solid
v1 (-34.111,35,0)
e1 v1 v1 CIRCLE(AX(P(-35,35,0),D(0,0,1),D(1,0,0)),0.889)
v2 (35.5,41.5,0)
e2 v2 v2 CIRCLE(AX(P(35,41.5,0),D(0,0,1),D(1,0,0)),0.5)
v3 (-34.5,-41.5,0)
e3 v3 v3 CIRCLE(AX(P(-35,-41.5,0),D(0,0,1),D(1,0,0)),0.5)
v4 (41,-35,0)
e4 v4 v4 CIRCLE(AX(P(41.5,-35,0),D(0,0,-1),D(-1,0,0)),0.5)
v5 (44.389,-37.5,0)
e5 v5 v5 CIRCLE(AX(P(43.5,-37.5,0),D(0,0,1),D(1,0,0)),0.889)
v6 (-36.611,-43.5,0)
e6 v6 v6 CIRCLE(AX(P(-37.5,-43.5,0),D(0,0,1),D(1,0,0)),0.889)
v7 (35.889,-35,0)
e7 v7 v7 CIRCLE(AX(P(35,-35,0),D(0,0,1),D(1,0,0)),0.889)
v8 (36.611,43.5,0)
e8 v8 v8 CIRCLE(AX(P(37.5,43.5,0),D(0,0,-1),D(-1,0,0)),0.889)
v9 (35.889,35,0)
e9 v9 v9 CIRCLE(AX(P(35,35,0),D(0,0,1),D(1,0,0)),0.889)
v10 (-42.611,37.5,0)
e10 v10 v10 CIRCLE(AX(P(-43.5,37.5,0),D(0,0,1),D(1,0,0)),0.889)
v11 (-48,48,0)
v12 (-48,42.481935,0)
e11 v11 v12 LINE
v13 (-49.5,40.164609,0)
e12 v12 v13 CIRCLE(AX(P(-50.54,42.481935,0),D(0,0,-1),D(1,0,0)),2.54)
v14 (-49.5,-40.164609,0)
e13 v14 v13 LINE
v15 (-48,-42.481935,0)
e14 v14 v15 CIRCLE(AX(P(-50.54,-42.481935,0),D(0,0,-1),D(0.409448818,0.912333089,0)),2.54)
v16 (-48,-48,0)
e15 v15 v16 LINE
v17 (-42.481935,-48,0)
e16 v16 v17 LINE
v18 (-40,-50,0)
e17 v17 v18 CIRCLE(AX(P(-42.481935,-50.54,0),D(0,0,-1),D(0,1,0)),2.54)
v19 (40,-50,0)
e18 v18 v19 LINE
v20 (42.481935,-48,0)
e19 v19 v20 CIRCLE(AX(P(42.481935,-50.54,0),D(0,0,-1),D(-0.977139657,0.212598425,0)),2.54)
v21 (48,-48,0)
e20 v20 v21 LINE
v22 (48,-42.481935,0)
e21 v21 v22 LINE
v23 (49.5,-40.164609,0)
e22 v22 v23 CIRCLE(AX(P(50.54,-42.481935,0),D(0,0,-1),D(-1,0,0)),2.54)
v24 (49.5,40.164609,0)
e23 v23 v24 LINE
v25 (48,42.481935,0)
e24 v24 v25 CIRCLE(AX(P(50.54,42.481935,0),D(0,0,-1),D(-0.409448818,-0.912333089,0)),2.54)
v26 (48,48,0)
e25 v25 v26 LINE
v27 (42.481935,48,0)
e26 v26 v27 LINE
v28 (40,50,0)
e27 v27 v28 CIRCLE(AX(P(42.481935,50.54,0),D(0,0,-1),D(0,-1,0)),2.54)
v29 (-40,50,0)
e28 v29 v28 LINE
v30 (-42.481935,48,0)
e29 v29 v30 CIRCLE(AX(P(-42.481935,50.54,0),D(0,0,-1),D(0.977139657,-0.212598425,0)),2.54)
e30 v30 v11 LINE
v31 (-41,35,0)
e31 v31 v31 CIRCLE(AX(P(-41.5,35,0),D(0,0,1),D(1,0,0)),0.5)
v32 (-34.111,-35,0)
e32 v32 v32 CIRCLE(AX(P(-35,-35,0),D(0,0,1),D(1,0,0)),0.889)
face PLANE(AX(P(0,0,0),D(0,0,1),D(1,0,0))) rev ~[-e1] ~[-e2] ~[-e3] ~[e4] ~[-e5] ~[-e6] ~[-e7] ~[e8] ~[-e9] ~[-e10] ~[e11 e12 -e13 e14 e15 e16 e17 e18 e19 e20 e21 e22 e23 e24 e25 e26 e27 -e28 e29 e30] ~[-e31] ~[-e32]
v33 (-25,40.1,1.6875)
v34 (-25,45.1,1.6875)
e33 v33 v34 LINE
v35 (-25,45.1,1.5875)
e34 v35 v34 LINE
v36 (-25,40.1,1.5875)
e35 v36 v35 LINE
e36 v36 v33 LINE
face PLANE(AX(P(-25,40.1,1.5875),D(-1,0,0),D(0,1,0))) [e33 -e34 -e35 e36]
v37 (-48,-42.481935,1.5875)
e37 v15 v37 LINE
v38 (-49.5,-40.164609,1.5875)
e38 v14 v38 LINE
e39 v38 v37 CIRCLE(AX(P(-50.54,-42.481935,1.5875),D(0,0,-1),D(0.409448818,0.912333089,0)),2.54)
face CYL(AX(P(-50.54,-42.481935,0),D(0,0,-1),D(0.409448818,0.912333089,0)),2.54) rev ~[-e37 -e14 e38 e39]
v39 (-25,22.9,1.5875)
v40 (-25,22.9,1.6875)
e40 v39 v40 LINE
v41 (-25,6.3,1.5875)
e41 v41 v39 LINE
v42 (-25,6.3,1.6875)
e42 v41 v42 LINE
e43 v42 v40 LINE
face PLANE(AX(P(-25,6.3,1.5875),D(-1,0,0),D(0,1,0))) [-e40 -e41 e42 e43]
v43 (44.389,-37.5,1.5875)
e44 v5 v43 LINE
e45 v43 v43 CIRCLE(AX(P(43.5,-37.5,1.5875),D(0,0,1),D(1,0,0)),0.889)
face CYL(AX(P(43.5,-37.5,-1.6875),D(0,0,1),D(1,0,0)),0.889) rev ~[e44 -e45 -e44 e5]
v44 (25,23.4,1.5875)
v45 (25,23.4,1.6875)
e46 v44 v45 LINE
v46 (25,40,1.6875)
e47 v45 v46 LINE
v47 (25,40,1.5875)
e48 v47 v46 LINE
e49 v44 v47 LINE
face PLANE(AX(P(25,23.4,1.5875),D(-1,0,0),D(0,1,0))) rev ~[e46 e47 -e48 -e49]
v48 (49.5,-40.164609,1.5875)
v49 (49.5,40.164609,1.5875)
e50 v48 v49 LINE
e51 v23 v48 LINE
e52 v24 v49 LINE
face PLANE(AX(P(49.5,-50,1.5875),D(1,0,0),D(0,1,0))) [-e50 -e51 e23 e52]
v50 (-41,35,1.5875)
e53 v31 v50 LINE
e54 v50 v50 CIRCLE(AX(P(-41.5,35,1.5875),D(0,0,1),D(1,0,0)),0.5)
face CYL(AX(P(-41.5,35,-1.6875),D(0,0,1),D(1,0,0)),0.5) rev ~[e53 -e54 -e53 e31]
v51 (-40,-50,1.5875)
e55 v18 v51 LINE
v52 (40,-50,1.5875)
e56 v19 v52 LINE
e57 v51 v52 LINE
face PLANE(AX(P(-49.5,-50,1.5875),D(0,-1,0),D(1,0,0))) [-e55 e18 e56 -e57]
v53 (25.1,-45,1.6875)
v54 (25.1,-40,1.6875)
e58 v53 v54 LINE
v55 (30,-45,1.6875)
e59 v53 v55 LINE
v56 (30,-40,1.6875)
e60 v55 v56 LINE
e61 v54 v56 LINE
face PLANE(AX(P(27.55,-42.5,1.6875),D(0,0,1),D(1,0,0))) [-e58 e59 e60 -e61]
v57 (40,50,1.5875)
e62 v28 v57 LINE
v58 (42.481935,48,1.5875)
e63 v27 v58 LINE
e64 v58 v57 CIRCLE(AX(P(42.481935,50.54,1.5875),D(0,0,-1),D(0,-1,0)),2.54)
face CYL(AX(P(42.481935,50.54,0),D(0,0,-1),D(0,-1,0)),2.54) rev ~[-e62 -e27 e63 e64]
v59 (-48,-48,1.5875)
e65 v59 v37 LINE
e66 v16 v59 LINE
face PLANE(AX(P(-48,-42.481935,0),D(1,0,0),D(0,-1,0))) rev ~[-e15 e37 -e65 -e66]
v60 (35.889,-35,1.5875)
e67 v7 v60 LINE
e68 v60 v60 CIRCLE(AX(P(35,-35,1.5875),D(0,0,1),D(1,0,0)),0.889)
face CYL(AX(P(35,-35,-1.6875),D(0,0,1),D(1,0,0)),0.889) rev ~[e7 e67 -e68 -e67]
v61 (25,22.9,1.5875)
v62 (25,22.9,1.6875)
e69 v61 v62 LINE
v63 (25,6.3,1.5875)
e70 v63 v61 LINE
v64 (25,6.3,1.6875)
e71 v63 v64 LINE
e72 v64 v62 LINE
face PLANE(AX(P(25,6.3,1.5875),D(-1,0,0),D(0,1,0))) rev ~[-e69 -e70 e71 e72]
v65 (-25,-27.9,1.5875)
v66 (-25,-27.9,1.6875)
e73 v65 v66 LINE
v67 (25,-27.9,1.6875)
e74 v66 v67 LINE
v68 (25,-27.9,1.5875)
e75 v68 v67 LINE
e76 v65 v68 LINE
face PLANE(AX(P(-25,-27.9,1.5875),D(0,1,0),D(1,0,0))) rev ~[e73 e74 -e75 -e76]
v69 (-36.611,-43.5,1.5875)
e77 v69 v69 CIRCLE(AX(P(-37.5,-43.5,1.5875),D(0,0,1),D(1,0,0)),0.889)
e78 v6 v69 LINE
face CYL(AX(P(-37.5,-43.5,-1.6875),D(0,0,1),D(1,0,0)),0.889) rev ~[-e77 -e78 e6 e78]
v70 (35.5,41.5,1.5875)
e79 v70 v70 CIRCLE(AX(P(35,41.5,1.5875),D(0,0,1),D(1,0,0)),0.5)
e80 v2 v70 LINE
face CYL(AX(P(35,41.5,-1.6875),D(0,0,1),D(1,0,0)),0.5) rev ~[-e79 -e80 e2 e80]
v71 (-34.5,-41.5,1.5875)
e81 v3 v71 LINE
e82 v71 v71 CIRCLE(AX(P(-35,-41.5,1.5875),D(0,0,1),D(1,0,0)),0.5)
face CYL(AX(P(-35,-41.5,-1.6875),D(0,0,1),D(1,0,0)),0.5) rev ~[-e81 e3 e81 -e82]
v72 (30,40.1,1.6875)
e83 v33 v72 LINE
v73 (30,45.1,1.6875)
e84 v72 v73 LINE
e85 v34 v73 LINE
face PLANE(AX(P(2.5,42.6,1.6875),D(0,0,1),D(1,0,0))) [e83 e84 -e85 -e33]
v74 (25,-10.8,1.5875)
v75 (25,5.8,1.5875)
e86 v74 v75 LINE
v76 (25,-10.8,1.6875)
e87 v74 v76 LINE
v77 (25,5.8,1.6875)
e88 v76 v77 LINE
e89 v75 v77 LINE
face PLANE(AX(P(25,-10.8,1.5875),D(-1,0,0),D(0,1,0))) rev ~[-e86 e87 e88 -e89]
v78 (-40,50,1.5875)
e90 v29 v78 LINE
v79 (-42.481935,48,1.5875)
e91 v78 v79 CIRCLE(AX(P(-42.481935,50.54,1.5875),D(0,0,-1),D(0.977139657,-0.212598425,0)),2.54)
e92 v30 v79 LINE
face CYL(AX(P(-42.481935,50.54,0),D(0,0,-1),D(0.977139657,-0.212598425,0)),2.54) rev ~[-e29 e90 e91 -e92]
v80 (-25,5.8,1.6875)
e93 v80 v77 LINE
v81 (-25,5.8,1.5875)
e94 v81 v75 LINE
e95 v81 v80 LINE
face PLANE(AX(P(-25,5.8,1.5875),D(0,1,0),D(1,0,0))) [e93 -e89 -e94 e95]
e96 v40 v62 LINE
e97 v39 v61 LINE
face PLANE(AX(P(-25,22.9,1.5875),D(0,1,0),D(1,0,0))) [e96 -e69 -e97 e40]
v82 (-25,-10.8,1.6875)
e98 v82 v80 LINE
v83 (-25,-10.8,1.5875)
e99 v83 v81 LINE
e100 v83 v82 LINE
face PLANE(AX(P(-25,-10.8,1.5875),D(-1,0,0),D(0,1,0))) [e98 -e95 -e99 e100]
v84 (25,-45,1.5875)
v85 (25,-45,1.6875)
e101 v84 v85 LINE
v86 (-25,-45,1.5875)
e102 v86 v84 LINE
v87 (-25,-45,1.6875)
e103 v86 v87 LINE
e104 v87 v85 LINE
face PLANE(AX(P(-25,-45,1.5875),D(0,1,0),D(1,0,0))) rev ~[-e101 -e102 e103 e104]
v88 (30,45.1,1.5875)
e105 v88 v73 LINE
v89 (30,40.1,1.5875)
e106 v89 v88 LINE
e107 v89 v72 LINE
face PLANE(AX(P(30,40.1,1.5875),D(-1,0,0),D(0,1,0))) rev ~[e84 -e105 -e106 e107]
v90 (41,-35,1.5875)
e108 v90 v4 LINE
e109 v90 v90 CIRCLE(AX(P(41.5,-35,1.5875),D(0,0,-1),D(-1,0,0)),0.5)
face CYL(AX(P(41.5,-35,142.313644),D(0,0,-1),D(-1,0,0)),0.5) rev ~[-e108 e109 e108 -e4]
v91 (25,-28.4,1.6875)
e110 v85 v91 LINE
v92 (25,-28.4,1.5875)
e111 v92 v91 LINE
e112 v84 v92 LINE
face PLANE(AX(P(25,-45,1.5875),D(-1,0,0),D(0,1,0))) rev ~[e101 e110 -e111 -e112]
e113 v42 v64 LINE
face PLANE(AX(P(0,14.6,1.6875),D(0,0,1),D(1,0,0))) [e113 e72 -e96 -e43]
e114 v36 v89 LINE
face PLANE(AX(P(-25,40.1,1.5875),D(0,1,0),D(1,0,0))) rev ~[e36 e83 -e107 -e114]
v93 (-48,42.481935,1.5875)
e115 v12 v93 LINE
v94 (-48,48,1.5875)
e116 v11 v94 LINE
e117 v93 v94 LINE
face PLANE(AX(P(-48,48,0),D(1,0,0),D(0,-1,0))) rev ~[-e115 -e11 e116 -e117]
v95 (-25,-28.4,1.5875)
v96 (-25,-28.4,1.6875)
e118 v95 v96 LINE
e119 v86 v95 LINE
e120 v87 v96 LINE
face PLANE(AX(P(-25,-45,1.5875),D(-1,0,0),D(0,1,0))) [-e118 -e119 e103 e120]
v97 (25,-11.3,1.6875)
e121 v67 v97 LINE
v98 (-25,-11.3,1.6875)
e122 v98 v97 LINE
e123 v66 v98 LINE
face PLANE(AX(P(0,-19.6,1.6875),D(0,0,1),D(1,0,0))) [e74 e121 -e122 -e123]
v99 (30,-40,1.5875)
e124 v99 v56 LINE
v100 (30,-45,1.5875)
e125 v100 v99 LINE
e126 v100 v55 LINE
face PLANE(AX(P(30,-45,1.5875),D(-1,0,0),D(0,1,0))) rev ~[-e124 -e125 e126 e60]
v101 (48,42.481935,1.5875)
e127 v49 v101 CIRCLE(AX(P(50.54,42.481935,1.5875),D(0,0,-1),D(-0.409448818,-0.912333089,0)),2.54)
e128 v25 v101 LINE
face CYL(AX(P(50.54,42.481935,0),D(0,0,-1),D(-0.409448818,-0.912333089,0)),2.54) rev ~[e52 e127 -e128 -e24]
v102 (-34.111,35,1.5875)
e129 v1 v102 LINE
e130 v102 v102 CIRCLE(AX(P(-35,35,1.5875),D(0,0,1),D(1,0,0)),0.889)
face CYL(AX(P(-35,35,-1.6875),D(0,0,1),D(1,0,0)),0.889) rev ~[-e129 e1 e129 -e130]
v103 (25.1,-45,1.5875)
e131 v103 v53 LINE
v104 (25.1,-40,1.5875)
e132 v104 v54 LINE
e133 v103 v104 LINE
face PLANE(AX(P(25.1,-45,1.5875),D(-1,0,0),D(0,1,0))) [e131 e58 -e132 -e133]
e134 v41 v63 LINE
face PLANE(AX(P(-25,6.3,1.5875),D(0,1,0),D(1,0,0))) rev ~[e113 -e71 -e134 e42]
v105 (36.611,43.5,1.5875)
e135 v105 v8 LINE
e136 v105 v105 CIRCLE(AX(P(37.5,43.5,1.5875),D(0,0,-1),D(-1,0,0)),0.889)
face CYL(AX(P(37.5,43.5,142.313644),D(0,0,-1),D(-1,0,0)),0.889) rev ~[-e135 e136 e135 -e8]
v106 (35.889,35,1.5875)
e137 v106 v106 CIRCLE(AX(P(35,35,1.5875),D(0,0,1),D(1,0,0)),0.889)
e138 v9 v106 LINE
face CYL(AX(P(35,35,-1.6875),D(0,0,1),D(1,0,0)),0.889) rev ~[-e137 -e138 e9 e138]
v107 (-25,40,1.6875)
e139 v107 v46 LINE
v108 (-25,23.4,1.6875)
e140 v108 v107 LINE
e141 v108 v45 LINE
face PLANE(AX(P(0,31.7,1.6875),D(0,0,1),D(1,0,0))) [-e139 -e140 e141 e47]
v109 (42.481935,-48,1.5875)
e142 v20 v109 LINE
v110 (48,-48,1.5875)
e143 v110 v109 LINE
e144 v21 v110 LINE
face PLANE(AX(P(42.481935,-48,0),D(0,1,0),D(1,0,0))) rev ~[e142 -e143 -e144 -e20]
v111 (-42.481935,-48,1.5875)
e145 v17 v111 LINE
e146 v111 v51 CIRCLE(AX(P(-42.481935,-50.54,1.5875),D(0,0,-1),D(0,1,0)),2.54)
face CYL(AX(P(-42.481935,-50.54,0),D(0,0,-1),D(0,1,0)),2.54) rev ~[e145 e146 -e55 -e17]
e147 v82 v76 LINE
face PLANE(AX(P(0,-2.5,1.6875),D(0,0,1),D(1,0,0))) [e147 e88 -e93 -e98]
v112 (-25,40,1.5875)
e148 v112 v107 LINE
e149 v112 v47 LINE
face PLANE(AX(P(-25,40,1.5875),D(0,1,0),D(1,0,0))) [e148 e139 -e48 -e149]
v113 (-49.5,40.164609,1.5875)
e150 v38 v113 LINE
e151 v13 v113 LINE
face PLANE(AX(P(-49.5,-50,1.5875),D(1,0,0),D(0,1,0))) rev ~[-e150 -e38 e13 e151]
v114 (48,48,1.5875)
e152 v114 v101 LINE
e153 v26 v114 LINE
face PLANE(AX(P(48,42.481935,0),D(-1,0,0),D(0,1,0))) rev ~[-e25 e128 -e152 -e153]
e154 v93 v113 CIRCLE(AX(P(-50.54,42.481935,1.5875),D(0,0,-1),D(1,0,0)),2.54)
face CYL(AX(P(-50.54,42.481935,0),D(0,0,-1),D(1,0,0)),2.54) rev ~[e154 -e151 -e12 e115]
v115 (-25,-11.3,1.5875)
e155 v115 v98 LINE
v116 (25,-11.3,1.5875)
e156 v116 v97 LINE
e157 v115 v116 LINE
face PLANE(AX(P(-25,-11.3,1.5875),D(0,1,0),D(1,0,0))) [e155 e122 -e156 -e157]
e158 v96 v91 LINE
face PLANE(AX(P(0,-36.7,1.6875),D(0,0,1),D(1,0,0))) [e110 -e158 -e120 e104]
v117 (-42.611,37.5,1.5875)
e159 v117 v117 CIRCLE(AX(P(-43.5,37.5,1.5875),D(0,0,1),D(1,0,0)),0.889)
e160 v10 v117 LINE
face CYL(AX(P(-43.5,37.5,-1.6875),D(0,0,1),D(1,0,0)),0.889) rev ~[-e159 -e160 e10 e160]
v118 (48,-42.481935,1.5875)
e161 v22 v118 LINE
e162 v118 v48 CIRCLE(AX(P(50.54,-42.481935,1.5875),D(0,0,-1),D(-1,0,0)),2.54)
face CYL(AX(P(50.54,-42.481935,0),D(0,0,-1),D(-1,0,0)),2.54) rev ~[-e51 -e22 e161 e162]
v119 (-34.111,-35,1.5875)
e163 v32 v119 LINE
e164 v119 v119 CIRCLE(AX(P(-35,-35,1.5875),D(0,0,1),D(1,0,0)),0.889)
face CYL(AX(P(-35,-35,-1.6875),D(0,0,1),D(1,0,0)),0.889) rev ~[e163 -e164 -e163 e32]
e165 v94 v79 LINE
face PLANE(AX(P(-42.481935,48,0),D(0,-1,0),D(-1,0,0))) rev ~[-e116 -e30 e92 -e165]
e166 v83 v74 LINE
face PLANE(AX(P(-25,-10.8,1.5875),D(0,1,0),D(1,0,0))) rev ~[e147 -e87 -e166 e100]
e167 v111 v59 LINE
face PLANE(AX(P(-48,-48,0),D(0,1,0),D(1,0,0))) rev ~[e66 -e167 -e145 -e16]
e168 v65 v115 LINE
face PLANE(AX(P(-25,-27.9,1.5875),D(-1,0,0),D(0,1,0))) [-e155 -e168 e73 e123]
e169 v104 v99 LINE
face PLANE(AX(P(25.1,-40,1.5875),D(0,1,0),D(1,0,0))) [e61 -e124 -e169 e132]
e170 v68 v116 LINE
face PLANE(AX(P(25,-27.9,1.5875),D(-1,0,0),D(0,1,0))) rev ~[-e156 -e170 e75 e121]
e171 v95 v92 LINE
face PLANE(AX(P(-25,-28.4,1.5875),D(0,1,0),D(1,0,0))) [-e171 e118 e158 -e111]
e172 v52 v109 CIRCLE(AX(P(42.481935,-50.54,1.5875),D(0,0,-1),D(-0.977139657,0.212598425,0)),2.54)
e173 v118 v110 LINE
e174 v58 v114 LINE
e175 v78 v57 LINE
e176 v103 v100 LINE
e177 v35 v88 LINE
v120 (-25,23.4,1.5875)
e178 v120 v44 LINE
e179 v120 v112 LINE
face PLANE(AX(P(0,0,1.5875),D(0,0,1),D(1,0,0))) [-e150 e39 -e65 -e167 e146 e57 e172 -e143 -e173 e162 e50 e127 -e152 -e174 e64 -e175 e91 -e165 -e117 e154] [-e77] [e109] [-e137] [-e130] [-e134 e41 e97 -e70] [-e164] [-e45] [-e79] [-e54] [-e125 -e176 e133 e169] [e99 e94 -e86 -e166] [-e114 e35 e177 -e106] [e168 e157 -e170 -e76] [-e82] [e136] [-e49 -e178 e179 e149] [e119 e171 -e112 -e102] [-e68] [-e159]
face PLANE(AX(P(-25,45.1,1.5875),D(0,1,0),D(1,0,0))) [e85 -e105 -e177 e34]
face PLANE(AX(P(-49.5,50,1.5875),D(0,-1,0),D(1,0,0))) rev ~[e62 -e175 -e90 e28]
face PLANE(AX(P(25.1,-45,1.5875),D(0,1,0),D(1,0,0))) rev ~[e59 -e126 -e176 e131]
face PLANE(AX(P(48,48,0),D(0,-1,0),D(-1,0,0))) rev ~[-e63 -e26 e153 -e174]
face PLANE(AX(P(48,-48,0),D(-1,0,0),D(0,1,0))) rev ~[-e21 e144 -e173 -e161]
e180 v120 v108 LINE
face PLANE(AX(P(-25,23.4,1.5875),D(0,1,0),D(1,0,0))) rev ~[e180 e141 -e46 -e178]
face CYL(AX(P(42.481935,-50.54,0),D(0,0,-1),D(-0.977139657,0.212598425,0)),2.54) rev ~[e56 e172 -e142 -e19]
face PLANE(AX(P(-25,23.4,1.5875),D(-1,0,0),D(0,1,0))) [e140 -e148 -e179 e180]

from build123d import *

# Parameters (mm, degrees)
SKETCH1_W                      = 99
SKETCH1_H                      = 100
BOSS_EXTRUDE1_DEPTH            = 1.5875
CUT_EXTRUDE1_DEPTH             = 71.375920287
CUT_EXTRUDE2_DEPTH             = 71.375920287
CUT_EXTRUDE3_DEPTH             = 71.375920287
CUT_EXTRUDE4_DEPTH             = 71.375920287
CUT_EXTRUDE5_DEPTH             = 71.375920287
CUT_EXTRUDE6_DEPTH             = 71.375920287
CUT_EXTRUDE7_DEPTH             = 71.375920287
CUT_EXTRUDE8_DEPTH             = 71.375920287
SKETCH10_W                     = 50
SKETCH10_H                     = 16.6
BOSS_EXTRUDE2_DEPTH            = 0.1
SKETCH11_W                     = 50
SKETCH11_H                     = 16.6
BOSS_EXTRUDE3_DEPTH            = 0.1
SKETCH12_W                     = 50
SKETCH12_H                     = 16.6
BOSS_EXTRUDE4_DEPTH            = 0.1
SKETCH13_W                     = 50
SKETCH13_H                     = 16.6
BOSS_EXTRUDE5_DEPTH            = 0.1
SKETCH14_W                     = 50
SKETCH14_H                     = 16.6
BOSS_EXTRUDE6_DEPTH            = 0.1
SKETCH15_W                     = 55
SKETCH15_H                     = 5
BOSS_EXTRUDE7_DEPTH            = 0.1
SKETCH16_W                     = 4.9
SKETCH16_H                     = 5
BOSS_EXTRUDE8_DEPTH            = 0.1
F_000_CLEARANCE_HOLE1_D        = 1
F_000_CLEARANCE_HOLE2_D        = 1
F_000_CLEARANCE_HOLE2_DEPTH    = 1.6875
F_50_0_07_DIAMETER_HOLE1_D     = 1.778
F_50_0_07_DIAMETER_HOLE1_DEPTH = 1.6875
F_50_0_07_DIAMETER_HOLE2_D     = 1.778


with BuildPart() as part:
    # Sketch1 → Boss-Extrude1 (new body)
    with BuildSketch(Plane.XY.offset(1.5875)):
        Rectangle(SKETCH1_W, SKETCH1_H)
    extrude(amount=-BOSS_EXTRUDE1_DEPTH)

    # Sketch2 → Cut-Extrude1 (cut, through all)
    with BuildSketch(Plane(origin=(0, 0, 0), x_dir=(-1, 0, 0), z_dir=(0, 0, -1))):
        with BuildLine():
            Line((48, -42.481934729), (48, -50))
            Line((48, -50), (49.5, -50))
            Line((49.5, -50), (49.5, -40.164608684))
            ThreePointArc((49.5, -40.164608684), (48.40772422, -41.101717355), (48, -42.481934729))
        make_face()
    extrude(amount=-CUT_EXTRUDE1_DEPTH, mode=Mode.SUBTRACT)

    # Sketch3 → Cut-Extrude2 (cut, through all)
    with BuildSketch(Plane(origin=(0, 0, 0), x_dir=(-1, 0, 0), z_dir=(0, 0, -1))):
        with BuildLine():
            Line((48, -48), (42.481934729, -48))
            ThreePointArc((42.481934729, -48), (40.888196984, -48.562223471), (40, -50))
            Line((40, -50), (48, -50))
            Line((48, -50), (48, -48))
        make_face()
    extrude(amount=-CUT_EXTRUDE2_DEPTH, mode=Mode.SUBTRACT)

    # Sketch4 → Cut-Extrude3 (cut, through all)
    with BuildSketch(Plane(origin=(0, 0, 0), x_dir=(-1, 0, 0), z_dir=(0, 0, -1))):
        with BuildLine():
            Line((-42.481934729, -48), (-49.5, -48))
            Line((-49.5, -48), (-49.5, -50))
            Line((-49.5, -50), (-40, -50))
            ThreePointArc((-40, -50), (-40.888196984, -48.562223471), (-42.481934729, -48))
        make_face()
    extrude(amount=-CUT_EXTRUDE3_DEPTH, mode=Mode.SUBTRACT)

    # Sketch5 → Cut-Extrude4 (cut, through all)
    with BuildSketch(Plane(origin=(0, 0, 0), x_dir=(-1, 0, 0), z_dir=(0, 0, -1))):
        with BuildLine():
            Line((-48, -48), (-48, -42.481934729))
            ThreePointArc((-48, -42.481934729), (-48.40772422, -41.101717355), (-49.5, -40.164608684))
            Line((-49.5, -40.164608684), (-49.5, -48))
            Line((-49.5, -48), (-48, -48))
        make_face()
    extrude(amount=-CUT_EXTRUDE4_DEPTH, mode=Mode.SUBTRACT)

    # Sketch6 → Cut-Extrude5 (cut, through all)
    with BuildSketch(Plane(origin=(0, 0, 0), x_dir=(-1, 0, 0), z_dir=(0, 0, -1))):
        with BuildLine():
            Line((-48, 42.481934729), (-48, 50))
            Line((-48, 50), (-49.5, 50))
            Line((-49.5, 50), (-49.5, 40.164608684))
            ThreePointArc((-49.5, 40.164608684), (-48.40772422, 41.101717355), (-48, 42.481934729))
        make_face()
    extrude(amount=-CUT_EXTRUDE5_DEPTH, mode=Mode.SUBTRACT)

    # Sketch7 → Cut-Extrude6 (cut, through all)
    with BuildSketch(Plane(origin=(0, 0, 0), x_dir=(-1, 0, 0), z_dir=(0, 0, -1))):
        with BuildLine():
            Line((-48, 48), (-42.481934729, 48))
            ThreePointArc((-42.481934729, 48), (-40.888196984, 48.562223471), (-40, 50))
            Line((-40, 50), (-48, 50))
            Line((-48, 50), (-48, 48))
        make_face()
    extrude(amount=-CUT_EXTRUDE6_DEPTH, mode=Mode.SUBTRACT)

    # Sketch8 → Cut-Extrude7 (cut, through all)
    with BuildSketch(Plane(origin=(0, 0, 0), x_dir=(-1, 0, 0), z_dir=(0, 0, -1))):
        with BuildLine():
            Line((42.481934729, 48), (49.5, 48))
            Line((49.5, 48), (49.5, 50))
            Line((49.5, 50), (40, 50))
            ThreePointArc((40, 50), (40.888196984, 48.562223471), (42.481934729, 48))
        make_face()
    extrude(amount=-CUT_EXTRUDE7_DEPTH, mode=Mode.SUBTRACT)

    # Sketch9 → Cut-Extrude8 (cut, through all)
    with BuildSketch(Plane(origin=(0, 0, 0), x_dir=(-1, 0, 0), z_dir=(0, 0, -1))):
        with BuildLine():
            Line((48, 48), (48, 42.481934729))
            ThreePointArc((48, 42.481934729), (48.40772422, 41.101717355), (49.5, 40.164608684))
            Line((49.5, 40.164608684), (49.5, 48))
            Line((49.5, 48), (48, 48))
        make_face()
    extrude(amount=-CUT_EXTRUDE8_DEPTH, mode=Mode.SUBTRACT)

    # Sketch10 → Boss-Extrude2 (add)
    with BuildSketch(Plane.XY.offset(1.5875)):
        with Locations((0, 31.7)):
            Rectangle(SKETCH10_W, SKETCH10_H)
    extrude(amount=BOSS_EXTRUDE2_DEPTH)

    # Sketch11 → Boss-Extrude3 (add)
    with BuildSketch(Plane.XY.offset(1.5875)):
        with Locations((0, 14.6)):
            Rectangle(SKETCH11_W, SKETCH11_H)
    extrude(amount=BOSS_EXTRUDE3_DEPTH)

    # Sketch12 → Boss-Extrude4 (add)
    with BuildSketch(Plane.XY.offset(1.5875)):
        with Locations((0, -2.5)):
            Rectangle(SKETCH12_W, SKETCH12_H)
    extrude(amount=BOSS_EXTRUDE4_DEPTH)

    # Sketch13 → Boss-Extrude5 (add)
    with BuildSketch(Plane.XY.offset(1.5875)):
        with Locations((0, -19.6)):
            Rectangle(SKETCH13_W, SKETCH13_H)
    extrude(amount=BOSS_EXTRUDE5_DEPTH)

    # Sketch14 → Boss-Extrude6 (add)
    with BuildSketch(Plane.XY.offset(1.5875)):
        with Locations((0, -36.7)):
            Rectangle(SKETCH14_W, SKETCH14_H)
    extrude(amount=BOSS_EXTRUDE6_DEPTH)

    # Sketch15 → Boss-Extrude7 (add)
    with BuildSketch(Plane.XY.offset(1.5875)):
        with Locations((2.5, 42.6)):
            Rectangle(SKETCH15_W, SKETCH15_H)
    extrude(amount=BOSS_EXTRUDE7_DEPTH)

    # Sketch16 → Boss-Extrude8 (add)
    with BuildSketch(Plane.XY.offset(1.5875)):
        with Locations((27.55, -42.5)):
            Rectangle(SKETCH16_W, SKETCH16_H)
    extrude(amount=BOSS_EXTRUDE8_DEPTH)

    # #000 Clearance Hole1 (through all)
    with Locations(Plane.XY.offset(1.5875)):
        with Locations((41.5, -35)):
            Hole(F_000_CLEARANCE_HOLE1_D / 2)

    # #000 Clearance Hole2
    with Locations(Plane(origin=(0, 0, 0), x_dir=(-1, 0, 0), z_dir=(0, 0, -1))):
        with Locations((-35, 41.5), (35, -41.5), (41.5, 35)):
            Hole(F_000_CLEARANCE_HOLE2_D / 2, depth=F_000_CLEARANCE_HOLE2_DEPTH)

    # #50 (0.07) Diameter Hole1
    with Locations(Plane(origin=(0, 0, 0), x_dir=(-1, 0, 0), z_dir=(0, 0, -1))):
        with Locations((-35, 35), (-43.5, -37.5), (-35, -35), (37.5, -43.5), (35, -35), (43.5, 37.5), (35, 35)):
            Hole(F_50_0_07_DIAMETER_HOLE1_D / 2, depth=F_50_0_07_DIAMETER_HOLE1_DEPTH)

    # #50 (0.07) Diameter Hole2 (through all)
    with Locations(Plane.XY.offset(1.5875)):
        with Locations((37.5, 43.5)):
            Hole(F_50_0_07_DIAMETER_HOLE2_D / 2)


solid = part.part
